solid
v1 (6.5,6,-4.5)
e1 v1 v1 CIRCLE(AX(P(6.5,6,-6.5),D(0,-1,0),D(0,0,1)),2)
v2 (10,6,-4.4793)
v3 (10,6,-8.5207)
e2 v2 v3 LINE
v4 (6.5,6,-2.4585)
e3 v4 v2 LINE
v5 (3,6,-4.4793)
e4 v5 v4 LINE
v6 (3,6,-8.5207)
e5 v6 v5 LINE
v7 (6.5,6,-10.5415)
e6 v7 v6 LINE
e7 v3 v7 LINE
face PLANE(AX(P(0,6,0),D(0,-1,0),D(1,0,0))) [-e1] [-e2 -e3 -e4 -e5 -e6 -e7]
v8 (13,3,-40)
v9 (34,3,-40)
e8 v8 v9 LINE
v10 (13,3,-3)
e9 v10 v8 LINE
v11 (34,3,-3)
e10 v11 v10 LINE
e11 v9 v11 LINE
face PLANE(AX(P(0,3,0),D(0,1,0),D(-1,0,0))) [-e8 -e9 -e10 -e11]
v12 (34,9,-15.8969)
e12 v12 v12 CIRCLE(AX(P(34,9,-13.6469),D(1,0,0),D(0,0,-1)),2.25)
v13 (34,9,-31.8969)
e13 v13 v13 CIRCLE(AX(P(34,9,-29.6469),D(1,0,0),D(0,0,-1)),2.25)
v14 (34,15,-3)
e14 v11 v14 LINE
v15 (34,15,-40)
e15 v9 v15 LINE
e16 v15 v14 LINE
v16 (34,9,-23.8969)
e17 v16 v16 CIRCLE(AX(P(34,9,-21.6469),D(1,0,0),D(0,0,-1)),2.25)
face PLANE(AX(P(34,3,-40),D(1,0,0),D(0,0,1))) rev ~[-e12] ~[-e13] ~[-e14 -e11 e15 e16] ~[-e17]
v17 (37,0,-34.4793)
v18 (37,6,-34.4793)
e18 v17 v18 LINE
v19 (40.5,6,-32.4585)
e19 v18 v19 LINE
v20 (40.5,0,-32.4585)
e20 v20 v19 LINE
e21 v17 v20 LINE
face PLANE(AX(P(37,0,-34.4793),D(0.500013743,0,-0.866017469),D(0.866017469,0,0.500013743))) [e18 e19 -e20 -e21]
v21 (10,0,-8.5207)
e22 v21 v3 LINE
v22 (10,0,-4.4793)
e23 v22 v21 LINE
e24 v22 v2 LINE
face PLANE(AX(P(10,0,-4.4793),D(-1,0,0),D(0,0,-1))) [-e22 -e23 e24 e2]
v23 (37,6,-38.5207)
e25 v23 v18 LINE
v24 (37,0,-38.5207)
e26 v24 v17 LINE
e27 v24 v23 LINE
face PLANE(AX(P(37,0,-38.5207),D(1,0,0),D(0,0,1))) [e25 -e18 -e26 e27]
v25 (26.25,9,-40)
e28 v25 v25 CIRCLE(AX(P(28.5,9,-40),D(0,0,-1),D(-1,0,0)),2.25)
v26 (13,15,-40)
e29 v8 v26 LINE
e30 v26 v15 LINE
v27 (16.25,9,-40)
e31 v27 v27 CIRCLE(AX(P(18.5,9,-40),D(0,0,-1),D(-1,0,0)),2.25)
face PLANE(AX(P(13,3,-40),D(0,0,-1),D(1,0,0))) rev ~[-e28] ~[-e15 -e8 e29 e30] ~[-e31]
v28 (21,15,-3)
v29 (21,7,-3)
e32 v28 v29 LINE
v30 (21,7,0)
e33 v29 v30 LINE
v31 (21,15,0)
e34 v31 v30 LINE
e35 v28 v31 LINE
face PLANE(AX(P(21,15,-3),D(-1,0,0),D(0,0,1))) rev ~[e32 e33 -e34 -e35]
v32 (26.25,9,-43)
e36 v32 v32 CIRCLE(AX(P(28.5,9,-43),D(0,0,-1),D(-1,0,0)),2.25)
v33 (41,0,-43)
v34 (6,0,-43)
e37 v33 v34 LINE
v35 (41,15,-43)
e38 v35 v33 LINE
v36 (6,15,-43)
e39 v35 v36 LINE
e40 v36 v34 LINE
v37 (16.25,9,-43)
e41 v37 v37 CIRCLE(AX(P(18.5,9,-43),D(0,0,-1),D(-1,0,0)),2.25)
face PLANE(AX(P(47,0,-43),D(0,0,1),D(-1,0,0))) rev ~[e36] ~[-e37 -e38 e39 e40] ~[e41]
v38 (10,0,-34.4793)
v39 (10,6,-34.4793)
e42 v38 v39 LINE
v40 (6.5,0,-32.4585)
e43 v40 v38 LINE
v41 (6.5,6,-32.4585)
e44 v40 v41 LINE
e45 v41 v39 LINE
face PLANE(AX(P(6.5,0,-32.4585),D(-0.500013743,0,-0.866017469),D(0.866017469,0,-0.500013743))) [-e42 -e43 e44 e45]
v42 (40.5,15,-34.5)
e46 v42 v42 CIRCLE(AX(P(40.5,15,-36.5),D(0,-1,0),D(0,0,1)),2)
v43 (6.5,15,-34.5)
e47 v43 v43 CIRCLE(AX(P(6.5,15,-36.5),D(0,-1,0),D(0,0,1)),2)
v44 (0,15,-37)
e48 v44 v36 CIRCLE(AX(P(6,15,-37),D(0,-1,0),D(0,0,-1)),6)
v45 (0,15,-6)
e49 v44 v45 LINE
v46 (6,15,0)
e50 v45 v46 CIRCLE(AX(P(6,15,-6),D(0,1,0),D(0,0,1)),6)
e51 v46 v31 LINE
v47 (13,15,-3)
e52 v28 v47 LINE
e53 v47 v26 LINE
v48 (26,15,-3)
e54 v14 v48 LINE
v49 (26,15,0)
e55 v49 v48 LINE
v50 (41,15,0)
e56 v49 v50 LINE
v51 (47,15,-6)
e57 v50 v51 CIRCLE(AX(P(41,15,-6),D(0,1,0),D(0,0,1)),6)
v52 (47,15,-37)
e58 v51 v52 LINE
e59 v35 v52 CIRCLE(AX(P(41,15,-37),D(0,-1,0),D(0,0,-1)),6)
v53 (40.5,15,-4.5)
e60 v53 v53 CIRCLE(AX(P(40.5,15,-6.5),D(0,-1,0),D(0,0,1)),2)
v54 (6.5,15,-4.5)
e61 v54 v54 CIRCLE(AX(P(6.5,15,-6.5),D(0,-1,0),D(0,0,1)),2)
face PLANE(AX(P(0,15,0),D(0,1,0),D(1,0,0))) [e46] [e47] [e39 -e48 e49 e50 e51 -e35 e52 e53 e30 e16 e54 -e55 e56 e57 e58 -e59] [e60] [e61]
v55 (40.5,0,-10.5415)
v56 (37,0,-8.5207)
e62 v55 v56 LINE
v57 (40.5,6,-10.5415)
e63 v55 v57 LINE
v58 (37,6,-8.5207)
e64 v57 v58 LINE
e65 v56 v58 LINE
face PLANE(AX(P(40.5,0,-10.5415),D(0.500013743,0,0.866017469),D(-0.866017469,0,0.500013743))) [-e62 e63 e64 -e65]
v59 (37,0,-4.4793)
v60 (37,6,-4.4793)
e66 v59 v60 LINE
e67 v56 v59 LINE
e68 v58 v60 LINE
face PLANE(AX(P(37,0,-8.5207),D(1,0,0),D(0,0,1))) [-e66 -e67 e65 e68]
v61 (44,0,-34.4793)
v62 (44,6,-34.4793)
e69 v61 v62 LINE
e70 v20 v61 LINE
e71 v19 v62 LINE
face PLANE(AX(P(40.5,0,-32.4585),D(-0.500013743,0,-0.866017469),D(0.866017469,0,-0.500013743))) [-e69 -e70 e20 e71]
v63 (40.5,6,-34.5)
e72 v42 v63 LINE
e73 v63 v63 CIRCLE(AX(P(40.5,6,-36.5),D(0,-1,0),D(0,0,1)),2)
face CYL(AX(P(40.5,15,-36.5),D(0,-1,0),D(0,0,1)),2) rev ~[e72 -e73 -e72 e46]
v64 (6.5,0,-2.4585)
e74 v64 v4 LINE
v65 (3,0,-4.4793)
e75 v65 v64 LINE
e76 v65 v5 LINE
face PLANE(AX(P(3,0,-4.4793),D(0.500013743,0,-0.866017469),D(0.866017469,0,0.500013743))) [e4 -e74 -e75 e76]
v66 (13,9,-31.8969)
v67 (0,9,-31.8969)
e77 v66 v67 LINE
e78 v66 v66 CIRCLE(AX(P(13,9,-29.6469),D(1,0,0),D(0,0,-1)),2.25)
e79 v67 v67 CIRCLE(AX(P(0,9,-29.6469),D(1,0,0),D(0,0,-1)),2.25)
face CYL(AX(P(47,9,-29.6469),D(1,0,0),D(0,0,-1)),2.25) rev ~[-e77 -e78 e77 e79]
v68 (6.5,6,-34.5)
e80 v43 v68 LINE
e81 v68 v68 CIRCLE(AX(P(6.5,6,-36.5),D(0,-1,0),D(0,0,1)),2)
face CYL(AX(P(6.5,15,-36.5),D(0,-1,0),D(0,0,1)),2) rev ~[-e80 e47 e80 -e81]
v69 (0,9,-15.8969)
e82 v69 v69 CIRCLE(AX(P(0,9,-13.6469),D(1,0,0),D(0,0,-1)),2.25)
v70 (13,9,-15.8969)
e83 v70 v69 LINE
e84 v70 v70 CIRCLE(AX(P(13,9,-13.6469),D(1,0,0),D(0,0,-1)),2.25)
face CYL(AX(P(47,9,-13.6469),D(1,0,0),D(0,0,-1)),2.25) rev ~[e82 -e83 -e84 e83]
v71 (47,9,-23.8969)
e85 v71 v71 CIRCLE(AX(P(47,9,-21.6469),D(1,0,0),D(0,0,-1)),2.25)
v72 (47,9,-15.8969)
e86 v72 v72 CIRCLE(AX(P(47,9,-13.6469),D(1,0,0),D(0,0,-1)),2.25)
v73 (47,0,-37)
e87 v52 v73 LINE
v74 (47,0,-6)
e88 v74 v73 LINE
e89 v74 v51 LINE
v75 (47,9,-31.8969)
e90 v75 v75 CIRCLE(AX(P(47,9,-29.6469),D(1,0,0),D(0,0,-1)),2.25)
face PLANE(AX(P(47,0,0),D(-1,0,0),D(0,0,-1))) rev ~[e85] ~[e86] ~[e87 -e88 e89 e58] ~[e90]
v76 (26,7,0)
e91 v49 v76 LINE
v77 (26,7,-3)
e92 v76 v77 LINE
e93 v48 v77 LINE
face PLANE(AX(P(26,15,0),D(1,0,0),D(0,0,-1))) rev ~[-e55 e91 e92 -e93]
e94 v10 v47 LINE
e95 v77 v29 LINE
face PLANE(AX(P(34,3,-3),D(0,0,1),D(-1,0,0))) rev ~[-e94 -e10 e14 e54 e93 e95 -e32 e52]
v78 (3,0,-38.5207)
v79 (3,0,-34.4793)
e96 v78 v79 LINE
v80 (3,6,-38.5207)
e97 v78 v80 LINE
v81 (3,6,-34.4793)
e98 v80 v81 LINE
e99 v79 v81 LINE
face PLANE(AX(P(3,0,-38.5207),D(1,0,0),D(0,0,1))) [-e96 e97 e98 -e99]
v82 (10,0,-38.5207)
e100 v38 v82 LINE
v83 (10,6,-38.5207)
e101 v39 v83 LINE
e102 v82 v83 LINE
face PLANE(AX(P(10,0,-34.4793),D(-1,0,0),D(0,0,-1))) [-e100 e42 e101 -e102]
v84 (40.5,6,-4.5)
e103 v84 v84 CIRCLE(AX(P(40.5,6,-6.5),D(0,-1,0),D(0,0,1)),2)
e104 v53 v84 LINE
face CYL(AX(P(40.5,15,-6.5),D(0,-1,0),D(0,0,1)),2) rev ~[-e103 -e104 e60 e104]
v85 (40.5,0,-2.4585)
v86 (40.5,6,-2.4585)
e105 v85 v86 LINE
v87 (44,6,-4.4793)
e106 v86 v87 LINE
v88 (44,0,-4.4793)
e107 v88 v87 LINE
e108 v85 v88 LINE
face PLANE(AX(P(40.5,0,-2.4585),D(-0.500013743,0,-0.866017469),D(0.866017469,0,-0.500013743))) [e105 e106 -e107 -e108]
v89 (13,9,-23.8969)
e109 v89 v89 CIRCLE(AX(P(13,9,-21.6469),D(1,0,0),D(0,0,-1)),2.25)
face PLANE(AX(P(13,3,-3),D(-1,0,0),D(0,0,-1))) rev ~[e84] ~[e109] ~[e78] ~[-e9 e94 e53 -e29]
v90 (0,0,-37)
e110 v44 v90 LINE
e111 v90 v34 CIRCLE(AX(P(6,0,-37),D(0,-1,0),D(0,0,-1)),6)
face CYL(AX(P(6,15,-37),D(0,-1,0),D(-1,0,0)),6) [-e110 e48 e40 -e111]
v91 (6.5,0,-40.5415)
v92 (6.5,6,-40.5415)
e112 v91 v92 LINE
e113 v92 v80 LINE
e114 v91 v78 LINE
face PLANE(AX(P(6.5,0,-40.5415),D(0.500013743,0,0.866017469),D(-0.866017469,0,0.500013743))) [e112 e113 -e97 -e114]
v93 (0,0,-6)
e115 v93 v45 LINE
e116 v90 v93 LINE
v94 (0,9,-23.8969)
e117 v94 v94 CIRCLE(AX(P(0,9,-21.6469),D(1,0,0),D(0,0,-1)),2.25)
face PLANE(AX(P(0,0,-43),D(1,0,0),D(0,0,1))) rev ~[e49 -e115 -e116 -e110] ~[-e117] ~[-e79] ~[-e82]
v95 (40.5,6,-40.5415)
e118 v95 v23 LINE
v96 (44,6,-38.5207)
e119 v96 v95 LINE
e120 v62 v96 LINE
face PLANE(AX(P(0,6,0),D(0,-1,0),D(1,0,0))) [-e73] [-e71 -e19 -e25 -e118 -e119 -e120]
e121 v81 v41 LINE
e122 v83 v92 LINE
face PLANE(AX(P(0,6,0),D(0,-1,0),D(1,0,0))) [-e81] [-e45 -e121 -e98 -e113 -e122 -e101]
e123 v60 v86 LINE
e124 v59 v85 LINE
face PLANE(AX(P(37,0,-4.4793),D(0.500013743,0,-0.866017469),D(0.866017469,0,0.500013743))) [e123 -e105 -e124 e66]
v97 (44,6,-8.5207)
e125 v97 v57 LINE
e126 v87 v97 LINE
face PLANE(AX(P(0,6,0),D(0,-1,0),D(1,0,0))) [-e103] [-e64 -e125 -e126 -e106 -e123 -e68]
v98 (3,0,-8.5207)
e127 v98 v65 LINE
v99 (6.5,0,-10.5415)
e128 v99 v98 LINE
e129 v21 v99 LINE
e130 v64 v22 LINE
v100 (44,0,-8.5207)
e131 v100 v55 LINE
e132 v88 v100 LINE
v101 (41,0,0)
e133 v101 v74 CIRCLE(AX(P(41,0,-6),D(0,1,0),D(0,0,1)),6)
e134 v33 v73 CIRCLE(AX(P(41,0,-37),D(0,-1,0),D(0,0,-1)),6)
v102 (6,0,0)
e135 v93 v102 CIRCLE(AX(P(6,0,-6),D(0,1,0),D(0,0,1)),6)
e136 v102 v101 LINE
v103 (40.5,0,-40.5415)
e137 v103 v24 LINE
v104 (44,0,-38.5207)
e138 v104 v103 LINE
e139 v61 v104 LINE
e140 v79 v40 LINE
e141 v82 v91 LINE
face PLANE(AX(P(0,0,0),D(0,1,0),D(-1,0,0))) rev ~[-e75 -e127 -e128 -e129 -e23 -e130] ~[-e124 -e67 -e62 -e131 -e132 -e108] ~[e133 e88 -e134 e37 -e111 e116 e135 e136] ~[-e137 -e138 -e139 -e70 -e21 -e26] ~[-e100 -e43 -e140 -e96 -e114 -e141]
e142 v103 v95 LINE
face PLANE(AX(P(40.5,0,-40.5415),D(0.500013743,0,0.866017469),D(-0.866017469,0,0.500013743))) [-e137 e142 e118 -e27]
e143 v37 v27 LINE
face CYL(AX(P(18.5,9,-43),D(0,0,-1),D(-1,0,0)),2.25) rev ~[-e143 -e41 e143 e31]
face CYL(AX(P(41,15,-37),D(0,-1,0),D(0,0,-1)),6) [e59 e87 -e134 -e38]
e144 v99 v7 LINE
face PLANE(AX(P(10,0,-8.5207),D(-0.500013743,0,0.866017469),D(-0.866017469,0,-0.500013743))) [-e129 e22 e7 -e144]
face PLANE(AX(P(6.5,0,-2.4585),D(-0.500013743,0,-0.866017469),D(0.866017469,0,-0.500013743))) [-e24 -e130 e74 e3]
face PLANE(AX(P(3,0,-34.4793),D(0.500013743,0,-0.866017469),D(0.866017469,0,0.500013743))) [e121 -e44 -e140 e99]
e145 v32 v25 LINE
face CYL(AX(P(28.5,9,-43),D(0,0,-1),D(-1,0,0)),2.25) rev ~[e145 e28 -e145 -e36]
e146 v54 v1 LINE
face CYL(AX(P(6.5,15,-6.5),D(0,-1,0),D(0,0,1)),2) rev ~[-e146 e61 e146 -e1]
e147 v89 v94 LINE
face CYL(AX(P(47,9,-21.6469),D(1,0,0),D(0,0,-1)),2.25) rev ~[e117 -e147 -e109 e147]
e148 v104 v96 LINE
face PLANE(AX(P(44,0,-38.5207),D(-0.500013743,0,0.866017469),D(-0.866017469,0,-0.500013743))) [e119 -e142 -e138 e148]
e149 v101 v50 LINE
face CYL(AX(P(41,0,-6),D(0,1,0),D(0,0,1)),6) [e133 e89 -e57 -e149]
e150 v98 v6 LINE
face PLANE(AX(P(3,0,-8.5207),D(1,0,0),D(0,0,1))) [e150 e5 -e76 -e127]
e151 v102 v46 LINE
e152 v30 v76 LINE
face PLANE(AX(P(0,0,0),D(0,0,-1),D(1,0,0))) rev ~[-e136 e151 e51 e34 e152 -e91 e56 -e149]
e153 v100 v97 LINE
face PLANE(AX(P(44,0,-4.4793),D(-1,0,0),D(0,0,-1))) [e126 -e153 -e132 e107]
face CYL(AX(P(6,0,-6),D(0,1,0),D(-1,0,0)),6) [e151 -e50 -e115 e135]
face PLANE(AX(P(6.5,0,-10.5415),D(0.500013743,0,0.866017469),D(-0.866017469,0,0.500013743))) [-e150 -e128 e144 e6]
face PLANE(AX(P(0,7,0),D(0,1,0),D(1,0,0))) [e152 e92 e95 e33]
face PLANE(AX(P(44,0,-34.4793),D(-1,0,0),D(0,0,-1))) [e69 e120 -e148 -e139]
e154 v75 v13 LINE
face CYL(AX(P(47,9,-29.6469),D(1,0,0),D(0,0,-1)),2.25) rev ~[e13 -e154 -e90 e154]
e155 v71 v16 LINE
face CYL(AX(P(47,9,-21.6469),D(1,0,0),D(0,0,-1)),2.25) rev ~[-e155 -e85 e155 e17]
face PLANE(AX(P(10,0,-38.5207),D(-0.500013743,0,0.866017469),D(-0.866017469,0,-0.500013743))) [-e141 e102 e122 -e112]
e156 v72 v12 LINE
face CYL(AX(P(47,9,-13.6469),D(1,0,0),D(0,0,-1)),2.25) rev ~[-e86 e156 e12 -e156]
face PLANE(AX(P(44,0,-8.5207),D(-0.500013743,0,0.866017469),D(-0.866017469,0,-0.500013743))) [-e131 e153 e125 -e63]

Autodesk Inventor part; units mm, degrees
ref_plane "YZ Plane" through (0, 0, 0) normal (1, 0, 0) x (0, 1, 0)
ref_plane "XZ Plane" through (0, 0, 0) normal (0, 1, 0) x (-1, 0, 0)
ref_plane "XY Plane" through (0, 0, 0) normal (0, 0, 1) x (1, 0, 0)
sketch "Sketch1" plane through (0, 0, 0) normal (0, 1, 0) x (-1, 0, 0)
  line L0 (0, 0) -> (-47, 0)
  line L1 (-47, 0) -> (-47, -43)
  line L2 (-47, -43) -> (0, -43)
  line L3 (0, -43) -> (0, 0)
  line L4 (-13, -40) -> (-34, -40) construction
  line L5 (-34, -40) -> (-34, -3) construction
  line L6 (-34, -3) -> (-13, -3) construction
  line L7 (-13, -3) -> (-13, -40) construction
  point P0 (-23.5, -40)
  point P1 (-23.5, -43)
  point P2 (-13, -21.5)
  point P3 (0, -21.5)
  dimension "d2" = 21
  dimension "d3" = 37
  dimension "d11" = 13
  dimension "d12" = 3
extrude "Extrusion1" add sketch "Sketch1" along normal blind 3
sketch "Sketch2" plane through (0, 3, 0) normal (0, 1, 0) x (1, 0, 0)
  line L0 (0, 0) -> (47, 0) projected
  line L1 (47, 0) -> (47, 43) projected
  line L2 (47, 43) -> (0, 43) projected
  line L3 (0, 43) -> (0, 0) projected
  line L4 (13, 40) -> (34, 40)
  line L5 (34, 40) -> (34, 3)
  line L6 (34, 3) -> (13, 3)
  line L7 (13, 3) -> (13, 40)
  point P0 (13, 21.5)
  point P1 (0, 21.5)
  point P2 (23.5, 40)
  point P3 (23.5, 43)
  dimension "d15" = 37
  dimension "d16" = 21
extrude "Extrusion2" add sketch "Sketch2" along normal blind 12
sketch "Sketch4" plane through (0, 15, 0) normal (0, 1, 0) x (1, 0, 0)
  line L0 (34, 3) -> (13, 3) projected
  line L1 (0, 0) -> (47, 0) projected
  line L2 (26, 3) -> (21, 3)
  line L3 (21, 3) -> (21, 0)
  line L4 (21, 0) -> (26, 0)
  line L5 (26, 0) -> (26, 3)
  point P0 (23.5, 3)
  point P1 (23.5, 3)
  dimension "d19" = 5
extrude "Extrusion3" cut sketch "Sketch4" against normal blind 8
sketch "Sketch5" plane through (0, 15, 0) normal (0, 1, 0) x (1, 0, 0)
  line L0 (47, 43) -> (0, 43) projected
  line L1 (0, 43) -> (0, 0) projected
  line L2 (6.5, 36.5) -> (40.5, 36.5) construction
  line L3 (40.5, 36.5) -> (40.5, 6.5) construction
  line L4 (40.5, 6.5) -> (6.5, 6.5) construction
  line L5 (6.5, 6.5) -> (6.5, 36.5) construction
  point P0 (6.5, 21.5)
  point P1 (0, 21.5)
  point P2 (23.5, 36.5)
  point P3 (23.5, 43)
  dimension "d22" = 6.5
  dimension "d23" = 6.5
hole "Hole1" at (6.5, 15, -36.5) at (6.5, 15, -6.5) at (40.5, 15, -6.5) at (40.5, 15, -36.5) direction (0, -1, 0) diameter 4 end through all
sketch "Sketch7" plane through (47, 0, 0) normal (1, 0, 0) x (0, 0, -1)
  line L0 (0, 0) -> (0, 15)
  circle A0 centre (21.6469, 9) radius 2.25
  circle A1 centre (29.6469, 9) radius 2.25
  circle A2 centre (13.6469, 9) radius 2.25
  dimension "d42" = 4.5
  dimension "d43" = 8
  dimension "d44" = 8
  dimension "d54" = 15
  dimension "d55" = 9
extrude "Extrusion5" cut sketch "Sketch7" against normal through all
sketch "Sketch8" plane through (47, 0, -43) normal (0, 0, -1) x (-1, 0, 0)
  line L0 (0, 0) -> (47, 0) projected
  line L1 (0, 15) -> (47, 15) projected
  line L2 (23.5, 15) -> (23.5, 0) construction
  circle A0 centre (18.5, 9) radius 2.25
  circle A1 centre (28.5, 9) radius 2.25
  dimension "d47" = 4.5
  dimension "d48" = 4.5
  dimension "d49" = 5
  dimension "d50" = 5
  dimension "d56" = 15
  dimension "d57" = 9
extrude "Extrusion6" cut sketch "Sketch8" against normal up to next
fillet "Fillet2" radius 6 4 edges at (0, 7.5, 0) (47, 7.5, 0) (47, 7.5, -43) (0, 7.5, -43)
sketch "Sketch9" plane through (0, 0, 0) normal (0, -1, 0) x (1, 0, 0)
  circle A0 centre (40.5, -6.5) radius 2 projected
  circle A1 centre (6.5, -36.5) radius 2 projected
  circle A2 centre (6.5, -6.5) radius 2 projected
  circle A3 centre (40.5, -36.5) radius 2 projected
  line L0 (6.5, -10.5415) -> (3, -8.5207)
  line L1 (3, -8.5207) -> (3, -4.4793)
  line L2 (3, -4.4793) -> (6.5, -2.4585)
  line L3 (6.5, -2.4585) -> (10, -4.4793)
  line L4 (10, -4.4793) -> (10, -8.5207)
  line L5 (10, -8.5207) -> (6.5, -10.5415)
  line L6 (10, -38.5207) -> (6.5, -40.5415)
  line L7 (6.5, -40.5415) -> (3, -38.5207)
  line L8 (3, -38.5207) -> (3, -34.4793)
  line L9 (3, -34.4793) -> (6.5, -32.4585)
  line L10 (6.5, -32.4585) -> (10, -34.4793)
  line L11 (10, -34.4793) -> (10, -38.5207)
  line L12 (37, -38.5207) -> (37, -34.4793)
  line L13 (37, -34.4793) -> (40.5, -32.4585)
  line L14 (40.5, -32.4585) -> (44, -34.4793)
  line L15 (44, -34.4793) -> (44, -38.5207)
  line L16 (44, -38.5207) -> (40.5, -40.5415)
  line L17 (40.5, -40.5415) -> (37, -38.5207)
  line L18 (37, -8.5207) -> (37, -4.4793)
  line L19 (37, -4.4793) -> (40.5, -2.4585)
  line L20 (40.5, -2.4585) -> (44, -4.4793)
  line L21 (44, -4.4793) -> (44, -8.5207)
  line L22 (44, -8.5207) -> (40.5, -10.5415)
  line L23 (40.5, -10.5415) -> (37, -8.5207)
  point P0 (0, 0)
  dimension "d58" = 7
extrude "Extrusion7" cut sketch "Sketch9" against normal blind 6
equation "\"d23\" = d22"
equation "\"d44\" = d43"
equation "\"d48\" = d47"
equation "\"d50\" = d49"
properties part number "dht22_case_bottom"
